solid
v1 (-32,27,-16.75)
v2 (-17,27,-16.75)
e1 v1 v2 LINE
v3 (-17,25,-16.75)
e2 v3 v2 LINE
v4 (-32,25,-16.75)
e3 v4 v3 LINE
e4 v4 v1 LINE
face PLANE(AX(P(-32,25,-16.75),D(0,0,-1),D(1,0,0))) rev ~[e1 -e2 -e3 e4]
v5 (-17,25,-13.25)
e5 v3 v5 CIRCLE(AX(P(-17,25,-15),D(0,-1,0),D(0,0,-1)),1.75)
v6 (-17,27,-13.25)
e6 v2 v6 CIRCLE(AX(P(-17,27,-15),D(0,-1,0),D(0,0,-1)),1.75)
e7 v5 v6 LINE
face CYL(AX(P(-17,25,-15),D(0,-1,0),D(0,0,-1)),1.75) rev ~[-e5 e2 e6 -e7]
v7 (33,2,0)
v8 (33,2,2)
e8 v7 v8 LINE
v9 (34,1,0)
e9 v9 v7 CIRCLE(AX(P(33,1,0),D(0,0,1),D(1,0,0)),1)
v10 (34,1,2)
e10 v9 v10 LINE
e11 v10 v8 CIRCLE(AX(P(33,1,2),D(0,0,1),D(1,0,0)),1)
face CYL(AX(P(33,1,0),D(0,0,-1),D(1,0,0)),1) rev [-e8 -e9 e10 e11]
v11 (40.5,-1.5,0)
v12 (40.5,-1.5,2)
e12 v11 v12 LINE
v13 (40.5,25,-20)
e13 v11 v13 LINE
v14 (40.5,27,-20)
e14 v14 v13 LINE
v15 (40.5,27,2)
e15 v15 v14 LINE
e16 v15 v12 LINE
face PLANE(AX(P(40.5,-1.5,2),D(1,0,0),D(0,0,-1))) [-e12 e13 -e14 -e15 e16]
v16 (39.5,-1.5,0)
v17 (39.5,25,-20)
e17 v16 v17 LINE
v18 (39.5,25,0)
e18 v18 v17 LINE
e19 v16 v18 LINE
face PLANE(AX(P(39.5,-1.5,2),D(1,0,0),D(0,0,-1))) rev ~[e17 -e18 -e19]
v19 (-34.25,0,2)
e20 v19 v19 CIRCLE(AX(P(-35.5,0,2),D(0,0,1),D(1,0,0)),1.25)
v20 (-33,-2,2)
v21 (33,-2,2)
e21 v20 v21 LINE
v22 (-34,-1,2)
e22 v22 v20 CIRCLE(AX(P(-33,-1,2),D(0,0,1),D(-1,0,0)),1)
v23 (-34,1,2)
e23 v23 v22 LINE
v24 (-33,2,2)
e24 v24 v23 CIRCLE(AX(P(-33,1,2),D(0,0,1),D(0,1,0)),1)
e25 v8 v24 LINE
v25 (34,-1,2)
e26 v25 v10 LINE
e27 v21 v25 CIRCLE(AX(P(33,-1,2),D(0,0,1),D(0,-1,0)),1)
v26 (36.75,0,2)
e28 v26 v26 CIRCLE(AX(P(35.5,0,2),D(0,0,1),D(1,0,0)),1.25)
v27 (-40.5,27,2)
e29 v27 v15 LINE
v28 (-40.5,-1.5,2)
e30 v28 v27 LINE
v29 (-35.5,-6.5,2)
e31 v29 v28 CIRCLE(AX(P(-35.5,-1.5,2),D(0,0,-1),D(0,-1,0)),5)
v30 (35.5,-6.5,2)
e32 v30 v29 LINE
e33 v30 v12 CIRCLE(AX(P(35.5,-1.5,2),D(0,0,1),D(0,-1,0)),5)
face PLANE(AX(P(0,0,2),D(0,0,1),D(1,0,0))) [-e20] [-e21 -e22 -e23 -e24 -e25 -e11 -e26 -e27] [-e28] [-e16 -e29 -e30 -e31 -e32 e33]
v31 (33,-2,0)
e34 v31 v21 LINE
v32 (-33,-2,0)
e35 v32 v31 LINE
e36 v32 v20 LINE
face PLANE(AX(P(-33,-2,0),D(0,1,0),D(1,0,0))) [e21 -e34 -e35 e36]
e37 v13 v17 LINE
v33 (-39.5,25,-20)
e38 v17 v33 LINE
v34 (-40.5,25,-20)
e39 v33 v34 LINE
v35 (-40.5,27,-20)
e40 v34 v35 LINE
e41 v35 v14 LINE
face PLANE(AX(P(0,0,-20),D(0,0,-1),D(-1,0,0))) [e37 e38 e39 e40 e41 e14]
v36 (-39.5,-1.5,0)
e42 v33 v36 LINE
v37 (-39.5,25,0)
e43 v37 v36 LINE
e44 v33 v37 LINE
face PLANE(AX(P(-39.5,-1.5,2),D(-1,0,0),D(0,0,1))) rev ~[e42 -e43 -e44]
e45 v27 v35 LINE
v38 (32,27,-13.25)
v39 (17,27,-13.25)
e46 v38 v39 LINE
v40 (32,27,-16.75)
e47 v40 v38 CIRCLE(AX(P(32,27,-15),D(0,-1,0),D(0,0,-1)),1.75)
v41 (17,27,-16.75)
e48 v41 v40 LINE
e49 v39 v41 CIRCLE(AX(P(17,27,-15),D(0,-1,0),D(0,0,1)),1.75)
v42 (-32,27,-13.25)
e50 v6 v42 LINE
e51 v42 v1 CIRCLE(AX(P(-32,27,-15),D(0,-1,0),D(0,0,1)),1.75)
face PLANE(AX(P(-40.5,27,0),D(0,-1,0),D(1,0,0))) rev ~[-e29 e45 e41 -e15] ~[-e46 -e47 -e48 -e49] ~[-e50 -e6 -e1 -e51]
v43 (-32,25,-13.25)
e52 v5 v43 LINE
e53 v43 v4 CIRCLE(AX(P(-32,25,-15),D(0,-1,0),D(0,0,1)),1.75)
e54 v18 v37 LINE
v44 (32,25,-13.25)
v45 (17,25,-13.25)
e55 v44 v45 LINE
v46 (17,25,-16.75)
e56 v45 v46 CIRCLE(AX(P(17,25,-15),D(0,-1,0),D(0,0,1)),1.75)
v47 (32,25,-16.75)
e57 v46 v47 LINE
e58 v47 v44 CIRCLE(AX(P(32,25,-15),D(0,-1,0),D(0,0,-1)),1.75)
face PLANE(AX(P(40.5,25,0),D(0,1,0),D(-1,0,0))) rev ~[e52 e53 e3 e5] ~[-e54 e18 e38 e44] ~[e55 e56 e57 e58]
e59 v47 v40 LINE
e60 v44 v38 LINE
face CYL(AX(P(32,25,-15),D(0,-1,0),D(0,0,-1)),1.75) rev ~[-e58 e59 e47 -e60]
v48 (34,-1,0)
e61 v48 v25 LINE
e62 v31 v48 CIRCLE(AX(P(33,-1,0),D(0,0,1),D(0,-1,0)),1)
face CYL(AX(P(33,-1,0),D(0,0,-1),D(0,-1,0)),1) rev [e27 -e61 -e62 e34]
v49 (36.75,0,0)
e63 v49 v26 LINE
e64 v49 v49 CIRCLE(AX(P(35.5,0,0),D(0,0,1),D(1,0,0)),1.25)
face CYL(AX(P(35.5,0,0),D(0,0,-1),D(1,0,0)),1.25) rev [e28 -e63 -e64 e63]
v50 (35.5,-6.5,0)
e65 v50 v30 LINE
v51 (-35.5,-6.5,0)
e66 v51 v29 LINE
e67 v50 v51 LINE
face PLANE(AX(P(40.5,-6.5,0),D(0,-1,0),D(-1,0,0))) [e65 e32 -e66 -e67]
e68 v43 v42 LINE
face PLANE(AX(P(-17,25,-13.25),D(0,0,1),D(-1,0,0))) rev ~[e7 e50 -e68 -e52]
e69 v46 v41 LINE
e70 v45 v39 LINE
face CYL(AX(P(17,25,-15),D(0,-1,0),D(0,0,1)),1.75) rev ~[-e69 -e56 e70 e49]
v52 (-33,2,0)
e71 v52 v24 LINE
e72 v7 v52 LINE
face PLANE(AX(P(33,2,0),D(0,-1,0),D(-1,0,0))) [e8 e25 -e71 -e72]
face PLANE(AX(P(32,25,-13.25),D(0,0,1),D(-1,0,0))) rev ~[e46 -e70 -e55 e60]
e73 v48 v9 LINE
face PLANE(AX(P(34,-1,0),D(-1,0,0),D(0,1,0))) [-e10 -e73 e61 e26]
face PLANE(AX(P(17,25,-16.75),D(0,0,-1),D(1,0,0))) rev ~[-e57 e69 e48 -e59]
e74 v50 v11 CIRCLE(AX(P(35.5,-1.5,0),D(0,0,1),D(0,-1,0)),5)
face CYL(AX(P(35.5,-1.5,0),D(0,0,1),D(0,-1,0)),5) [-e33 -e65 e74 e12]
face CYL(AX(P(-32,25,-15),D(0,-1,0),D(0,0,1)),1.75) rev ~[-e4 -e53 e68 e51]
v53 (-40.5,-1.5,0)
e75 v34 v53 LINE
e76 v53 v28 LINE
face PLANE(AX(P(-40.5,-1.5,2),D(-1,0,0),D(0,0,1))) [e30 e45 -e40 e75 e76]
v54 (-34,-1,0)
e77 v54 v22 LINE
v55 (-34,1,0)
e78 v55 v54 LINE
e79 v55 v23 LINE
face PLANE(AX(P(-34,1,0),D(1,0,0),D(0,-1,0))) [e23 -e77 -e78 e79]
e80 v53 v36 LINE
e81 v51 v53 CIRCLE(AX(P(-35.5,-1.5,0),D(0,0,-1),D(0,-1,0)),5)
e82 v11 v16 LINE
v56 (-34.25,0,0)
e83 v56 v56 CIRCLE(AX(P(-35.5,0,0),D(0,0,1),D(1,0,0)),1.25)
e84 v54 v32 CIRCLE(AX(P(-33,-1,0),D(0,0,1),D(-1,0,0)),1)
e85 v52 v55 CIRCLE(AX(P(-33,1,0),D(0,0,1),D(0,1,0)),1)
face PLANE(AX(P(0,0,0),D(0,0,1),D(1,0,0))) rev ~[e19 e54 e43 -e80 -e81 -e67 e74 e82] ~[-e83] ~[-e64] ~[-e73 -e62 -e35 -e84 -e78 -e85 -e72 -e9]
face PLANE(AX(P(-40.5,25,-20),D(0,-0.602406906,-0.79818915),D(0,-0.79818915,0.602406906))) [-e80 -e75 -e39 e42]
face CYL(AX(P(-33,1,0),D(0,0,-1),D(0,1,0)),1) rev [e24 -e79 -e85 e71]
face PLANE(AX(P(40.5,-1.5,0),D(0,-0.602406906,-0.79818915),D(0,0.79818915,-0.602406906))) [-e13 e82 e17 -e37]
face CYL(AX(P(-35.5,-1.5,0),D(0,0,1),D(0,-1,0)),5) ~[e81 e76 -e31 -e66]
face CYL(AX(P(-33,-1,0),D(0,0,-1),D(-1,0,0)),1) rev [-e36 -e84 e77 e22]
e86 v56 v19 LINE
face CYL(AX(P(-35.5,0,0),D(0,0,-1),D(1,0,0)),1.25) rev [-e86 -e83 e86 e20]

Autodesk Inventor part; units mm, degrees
ref_plane "YZ Plane" through (0, 0, 0) normal (1, 0, 0) x (0, 1, 0)
ref_plane "XZ Plane" through (0, 0, 0) normal (0, 1, 0) x (-1, 0, 0)
ref_plane "XY Plane" through (0, 0, 0) normal (0, 0, 1) x (1, 0, 0)
ref_plane "Arbeitsebene1" through (0, 0, 0) normal (0, 0, 1) x (1, 0, 0)
sketch "Skizze1" plane through (0, 0, 0) normal (0, 0, 1) x (1, 0, 0)
  spline S0 degree 3 poles (34.5, 0) (34.4922, -0.0784) (34.4879, -0.2047) (34.5533, -0.4702) (34.6001, -0.5784) (34.7323, -0.7826) (34.8194, -0.8753) (34.994, -1.0048) (35.1117, -1.0785) (35.3805, -1.1607) (35.4924, -1.1779) (35.724, -1.1797) (35.8424, -1.1625) (35.9562, -1.1277) knots -0.341572 -0.341572 -0.341572 -0.341572 -0.254859 -0.254859 -0.189973 -0.189973 -0.120019 -0.120019 -0.069482 -0.069482 -0.03569 -0.03569 0 0 0 0 construction
  circle A0 centre (35.5, 0) radius 1 construction
  circle A1 centre (-35.5, 0) radius 1 construction
  line L0 (-36.5594, -4.5) -> (36.5594, -4.5) construction
  line L1 (37.5, -3.5594) -> (37.5, 3.5594) construction
  line L2 (-36.5594, 4.5) -> (36.5594, 4.5) construction
  line L3 (-37.5, -3.5594) -> (-37.5, 3.5594) construction
  line L4 (-36.95, 3.5319) -> (-36.95, -3.5319) construction
  arc A2 (-36.5319, -3.95) -> (-36.95, -3.5319) centre (-37.1503, -4.1503) ccw construction
  line L5 (-36.5319, -3.95) -> (36.5319, -3.95) construction
  arc A3 (36.95, -3.5319) -> (36.5319, -3.95) centre (37.1503, -4.1503) ccw construction
  line L6 (36.95, 3.5319) -> (36.95, -3.5319) construction
  arc A4 (36.5319, 3.95) -> (36.95, 3.5319) centre (37.1503, 4.1503) ccw construction
  line L7 (-36.5319, 3.95) -> (36.5319, 3.95) construction
  arc A5 (-36.95, 3.5319) -> (-36.5319, 3.95) centre (-37.1503, 4.1503) ccw construction
  spline S1 degree 3 poles (-36.5, 0) (-36.5078, -0.0784) (-36.5121, -0.2047) (-36.4467, -0.4702) (-36.3999, -0.5784) (-36.2677, -0.7826) (-36.1806, -0.8753) (-36.006, -1.0048) (-35.8883, -1.0785) (-35.6195, -1.1607) (-35.5076, -1.1779) (-35.276, -1.1797) (-35.1576, -1.1625) (-35.0438, -1.1277) knots -0.341572 -0.341572 -0.341572 -0.341572 -0.254859 -0.254859 -0.189973 -0.189973 -0.120019 -0.120019 -0.069482 -0.069482 -0.03569 -0.03569 0 0 0 0 construction
  arc A6 (-35.5, 1) -> (-36.5, 0) centre (-35.5, 0) ccw construction
  spline S2 degree 3 poles (-34.3787, -0.4718) (-34.3466, -0.3696) (-34.3281, -0.2637) (-34.32, -0.0752) (-34.3224, 0.0413) (-34.3918, 0.3184) (-34.4553, 0.4524) (-34.6302, 0.687) (-34.7395, 0.7855) (-34.9556, 0.9143) (-35.0636, 0.9616) (-35.2916, 1.0075) (-35.3964, 1.012) (-35.5, 1) knots -0.292776 -0.292776 -0.292776 -0.292776 -0.226562 -0.226562 -0.176122 -0.176122 -0.122734 -0.122734 -0.069758 -0.069758 -0.031291 -0.031291 0 0 0 0 construction
  arc A7 (-35.0438, -1.1277) -> (-34.3787, -0.4718) centre (-35.5, 0) ccw construction
  spline S3 degree 3 poles (34.5, 0) (34.4922, -0.0784) (34.4879, -0.2047) (34.5533, -0.4702) (34.6001, -0.5784) (34.7323, -0.7826) (34.8194, -0.8753) (34.994, -1.0048) (35.1117, -1.0785) (35.3805, -1.1607) (35.4924, -1.1779) (35.724, -1.1797) (35.8424, -1.1625) (35.9562, -1.1277) knots -0.341572 -0.341572 -0.341572 -0.341572 -0.254859 -0.254859 -0.189973 -0.189973 -0.120019 -0.120019 -0.069482 -0.069482 -0.03569 -0.03569 0 0 0 0 construction
  arc A8 (35.5, 1) -> (34.5, 0) centre (35.5, 0) ccw construction
  spline S4 degree 3 poles (36.6213, -0.4718) (36.6534, -0.3696) (36.6719, -0.2637) (36.68, -0.0752) (36.6776, 0.0413) (36.6082, 0.3184) (36.5447, 0.4524) (36.3698, 0.687) (36.2605, 0.7855) (36.0444, 0.9143) (35.9364, 0.9616) (35.7084, 1.0075) (35.6036, 1.012) (35.5, 1) knots -0.292776 -0.292776 -0.292776 -0.292776 -0.226562 -0.226562 -0.176122 -0.176122 -0.122734 -0.122734 -0.069758 -0.069758 -0.031291 -0.031291 0 0 0 0 construction
  arc A9 (35.9562, -1.1277) -> (36.6213, -0.4718) centre (35.5, 0) ccw construction
  line L8 (-33.5, 1) -> (-33.5, -1) construction
  arc A10 (-33, 1.5) -> (-33.5, 1) centre (-33, 1) ccw construction
  line L9 (33, 1.5) -> (-33, 1.5) construction
  arc A11 (33.5, 1) -> (33, 1.5) centre (33, 1) ccw construction
  line L10 (33.5, -1) -> (33.5, 1) construction
  arc A12 (33, -1.5) -> (33.5, -1) centre (33, -1) ccw construction
  line L11 (-33, -1.5) -> (33, -1.5) construction
  arc A13 (-33.5, -1) -> (-33, -1.5) centre (-33, -1) ccw construction
  line L12 (40.5, -6.5) -> (-40.5, -6.5)
  line L13 (-40.5, -6.5) -> (-40.5, 27)
  line L14 (-40.5, 27) -> (40.5, 27)
  line L15 (40.5, 27) -> (40.5, -6.5)
  circle A14 centre (35.5, 0) radius 1.25
  circle A15 centre (-35.5, 0) radius 1.25
  arc A16 (33, -2) -> (34, -1) centre (33, -1) ccw
  line L16 (34, -1) -> (34, 1)
  arc A17 (34, 1) -> (33, 2) centre (33, 1) ccw
  line L17 (33, 2) -> (-33, 2)
  arc A18 (-33, 2) -> (-34, 1) centre (-33, 1) ccw
  line L18 (-34, 1) -> (-34, -1)
  arc A19 (-34, -1) -> (-33, -2) centre (-33, -1) ccw
  line L19 (-33, -2) -> (33, -2)
  point P0 (0, 0)
  dimension "d0" = 5
  dimension "d1" = 5
  dimension "d2" = 2
  dimension "d3" = 27
  dimension "d4" = 2.5
  dimension "d5" = 2.5
extrude "Extrusion1" add sketch "Skizze1" along normal blind 2
fillet "Rundung1" radius 5 2 edges at (40.5, -6.5, 1) (-40.5, -6.5, 1)
sketch "Skizze2" plane through (0, 0, 0) normal (0, 0, -1) x (-1, 0, 0)
  line L0 (-40.5, 27) -> (40.5, 27) construction
  line L1 (40.5, 27) -> (40.5, -1.5) construction
  line L2 (-40.5, -1.5) -> (-40.5, 27) construction
  line L3 (40.5, 27) -> (-40.5, 27)
  line L4 (-40.5, 27) -> (-40.5, 25)
  line L5 (-40.5, 25) -> (40.5, 25)
  line L6 (40.5, 25) -> (40.5, 27)
  point P0 (0, 0)
  dimension "d9" = 2
extrude "Extrusion2" add sketch "Skizze2" along normal blind 20
sketch "Skizze3" plane through (40.5, -1.5, 2) normal (1, 0, 0) x (0, 0, -1)
  line L0 (2, 0) -> (0, 0) construction
  line L1 (2, 0) -> (2, 26.5) projected
  line L2 (2, 26.5) -> (22, 26.5) projected
  line L3 (22, 28.5) -> (22, 26.5) construction
  line L4 (0, 28.5) -> (22, 28.5) construction
  line L5 (0, 0) -> (0, 28.5) construction
  line L6 (2, 0) -> (22, 26.5)
  point P0 (2, 1.5)
extrude "Extrusion3" add sketch "Skizze3" against normal blind 1
sketch "Skizze4" plane through (-40.5, -1.5, 2) normal (-1, 0, 0) x (0, 0, 1)
  line L0 (-22, 26.5) -> (-2, 26.5) projected
  line L1 (-22, 26.5) -> (-2, 0) projected
  line L2 (-2, 26.5) -> (-2, 0) projected
  point P0 (-2, 1.5)
extrude "Extrusion4" add sketch "Skizze4" against normal blind 1
sketch "Skizze5" plane through (39.5, 25, -20) normal (0, -1, 0) x (1, 0, 0)
  line L0 (-0.5716, 5) -> (-194.7619, 5) construction
  line L1 (-7.5, 5) -> (-22.5, 5) construction
  line L2 (-7.5, 6.75) -> (-22.5, 6.75)
  line L3 (-22.5, 3.25) -> (-7.5, 3.25)
  arc A0 (-7.5, 3.25) -> (-7.5, 6.75) centre (-7.5, 5) ccw
  arc A1 (-22.5, 6.75) -> (-22.5, 3.25) centre (-22.5, 5) ccw
  line L4 (-56.5, 5) -> (-71.5, 5) construction
  line L5 (-56.5, 6.75) -> (-71.5, 6.75)
  line L6 (-71.5, 3.25) -> (-56.5, 3.25)
  arc A2 (-56.5, 3.25) -> (-56.5, 6.75) centre (-56.5, 5) ccw
  arc A3 (-71.5, 6.75) -> (-71.5, 3.25) centre (-71.5, 5) ccw
  line L7 (0, 0) -> (-79, 0) projected
  line L8 (0, 0) -> (0, 20) projected
  line L9 (-79, 20) -> (-79, 0) projected
  point P0 (-39.5, 20)
  point P1 (-15, 5)
  point P2 (-64, 5)
  dimension "d16" = 3.5
  dimension "d17" = 15
  dimension "d18" = 5
  dimension "d19" = 15
  dimension "d20" = 15
extrude "Extrusion5" cut sketch "Skizze5" against normal through all
properties part number "Halterung_Winkel"
